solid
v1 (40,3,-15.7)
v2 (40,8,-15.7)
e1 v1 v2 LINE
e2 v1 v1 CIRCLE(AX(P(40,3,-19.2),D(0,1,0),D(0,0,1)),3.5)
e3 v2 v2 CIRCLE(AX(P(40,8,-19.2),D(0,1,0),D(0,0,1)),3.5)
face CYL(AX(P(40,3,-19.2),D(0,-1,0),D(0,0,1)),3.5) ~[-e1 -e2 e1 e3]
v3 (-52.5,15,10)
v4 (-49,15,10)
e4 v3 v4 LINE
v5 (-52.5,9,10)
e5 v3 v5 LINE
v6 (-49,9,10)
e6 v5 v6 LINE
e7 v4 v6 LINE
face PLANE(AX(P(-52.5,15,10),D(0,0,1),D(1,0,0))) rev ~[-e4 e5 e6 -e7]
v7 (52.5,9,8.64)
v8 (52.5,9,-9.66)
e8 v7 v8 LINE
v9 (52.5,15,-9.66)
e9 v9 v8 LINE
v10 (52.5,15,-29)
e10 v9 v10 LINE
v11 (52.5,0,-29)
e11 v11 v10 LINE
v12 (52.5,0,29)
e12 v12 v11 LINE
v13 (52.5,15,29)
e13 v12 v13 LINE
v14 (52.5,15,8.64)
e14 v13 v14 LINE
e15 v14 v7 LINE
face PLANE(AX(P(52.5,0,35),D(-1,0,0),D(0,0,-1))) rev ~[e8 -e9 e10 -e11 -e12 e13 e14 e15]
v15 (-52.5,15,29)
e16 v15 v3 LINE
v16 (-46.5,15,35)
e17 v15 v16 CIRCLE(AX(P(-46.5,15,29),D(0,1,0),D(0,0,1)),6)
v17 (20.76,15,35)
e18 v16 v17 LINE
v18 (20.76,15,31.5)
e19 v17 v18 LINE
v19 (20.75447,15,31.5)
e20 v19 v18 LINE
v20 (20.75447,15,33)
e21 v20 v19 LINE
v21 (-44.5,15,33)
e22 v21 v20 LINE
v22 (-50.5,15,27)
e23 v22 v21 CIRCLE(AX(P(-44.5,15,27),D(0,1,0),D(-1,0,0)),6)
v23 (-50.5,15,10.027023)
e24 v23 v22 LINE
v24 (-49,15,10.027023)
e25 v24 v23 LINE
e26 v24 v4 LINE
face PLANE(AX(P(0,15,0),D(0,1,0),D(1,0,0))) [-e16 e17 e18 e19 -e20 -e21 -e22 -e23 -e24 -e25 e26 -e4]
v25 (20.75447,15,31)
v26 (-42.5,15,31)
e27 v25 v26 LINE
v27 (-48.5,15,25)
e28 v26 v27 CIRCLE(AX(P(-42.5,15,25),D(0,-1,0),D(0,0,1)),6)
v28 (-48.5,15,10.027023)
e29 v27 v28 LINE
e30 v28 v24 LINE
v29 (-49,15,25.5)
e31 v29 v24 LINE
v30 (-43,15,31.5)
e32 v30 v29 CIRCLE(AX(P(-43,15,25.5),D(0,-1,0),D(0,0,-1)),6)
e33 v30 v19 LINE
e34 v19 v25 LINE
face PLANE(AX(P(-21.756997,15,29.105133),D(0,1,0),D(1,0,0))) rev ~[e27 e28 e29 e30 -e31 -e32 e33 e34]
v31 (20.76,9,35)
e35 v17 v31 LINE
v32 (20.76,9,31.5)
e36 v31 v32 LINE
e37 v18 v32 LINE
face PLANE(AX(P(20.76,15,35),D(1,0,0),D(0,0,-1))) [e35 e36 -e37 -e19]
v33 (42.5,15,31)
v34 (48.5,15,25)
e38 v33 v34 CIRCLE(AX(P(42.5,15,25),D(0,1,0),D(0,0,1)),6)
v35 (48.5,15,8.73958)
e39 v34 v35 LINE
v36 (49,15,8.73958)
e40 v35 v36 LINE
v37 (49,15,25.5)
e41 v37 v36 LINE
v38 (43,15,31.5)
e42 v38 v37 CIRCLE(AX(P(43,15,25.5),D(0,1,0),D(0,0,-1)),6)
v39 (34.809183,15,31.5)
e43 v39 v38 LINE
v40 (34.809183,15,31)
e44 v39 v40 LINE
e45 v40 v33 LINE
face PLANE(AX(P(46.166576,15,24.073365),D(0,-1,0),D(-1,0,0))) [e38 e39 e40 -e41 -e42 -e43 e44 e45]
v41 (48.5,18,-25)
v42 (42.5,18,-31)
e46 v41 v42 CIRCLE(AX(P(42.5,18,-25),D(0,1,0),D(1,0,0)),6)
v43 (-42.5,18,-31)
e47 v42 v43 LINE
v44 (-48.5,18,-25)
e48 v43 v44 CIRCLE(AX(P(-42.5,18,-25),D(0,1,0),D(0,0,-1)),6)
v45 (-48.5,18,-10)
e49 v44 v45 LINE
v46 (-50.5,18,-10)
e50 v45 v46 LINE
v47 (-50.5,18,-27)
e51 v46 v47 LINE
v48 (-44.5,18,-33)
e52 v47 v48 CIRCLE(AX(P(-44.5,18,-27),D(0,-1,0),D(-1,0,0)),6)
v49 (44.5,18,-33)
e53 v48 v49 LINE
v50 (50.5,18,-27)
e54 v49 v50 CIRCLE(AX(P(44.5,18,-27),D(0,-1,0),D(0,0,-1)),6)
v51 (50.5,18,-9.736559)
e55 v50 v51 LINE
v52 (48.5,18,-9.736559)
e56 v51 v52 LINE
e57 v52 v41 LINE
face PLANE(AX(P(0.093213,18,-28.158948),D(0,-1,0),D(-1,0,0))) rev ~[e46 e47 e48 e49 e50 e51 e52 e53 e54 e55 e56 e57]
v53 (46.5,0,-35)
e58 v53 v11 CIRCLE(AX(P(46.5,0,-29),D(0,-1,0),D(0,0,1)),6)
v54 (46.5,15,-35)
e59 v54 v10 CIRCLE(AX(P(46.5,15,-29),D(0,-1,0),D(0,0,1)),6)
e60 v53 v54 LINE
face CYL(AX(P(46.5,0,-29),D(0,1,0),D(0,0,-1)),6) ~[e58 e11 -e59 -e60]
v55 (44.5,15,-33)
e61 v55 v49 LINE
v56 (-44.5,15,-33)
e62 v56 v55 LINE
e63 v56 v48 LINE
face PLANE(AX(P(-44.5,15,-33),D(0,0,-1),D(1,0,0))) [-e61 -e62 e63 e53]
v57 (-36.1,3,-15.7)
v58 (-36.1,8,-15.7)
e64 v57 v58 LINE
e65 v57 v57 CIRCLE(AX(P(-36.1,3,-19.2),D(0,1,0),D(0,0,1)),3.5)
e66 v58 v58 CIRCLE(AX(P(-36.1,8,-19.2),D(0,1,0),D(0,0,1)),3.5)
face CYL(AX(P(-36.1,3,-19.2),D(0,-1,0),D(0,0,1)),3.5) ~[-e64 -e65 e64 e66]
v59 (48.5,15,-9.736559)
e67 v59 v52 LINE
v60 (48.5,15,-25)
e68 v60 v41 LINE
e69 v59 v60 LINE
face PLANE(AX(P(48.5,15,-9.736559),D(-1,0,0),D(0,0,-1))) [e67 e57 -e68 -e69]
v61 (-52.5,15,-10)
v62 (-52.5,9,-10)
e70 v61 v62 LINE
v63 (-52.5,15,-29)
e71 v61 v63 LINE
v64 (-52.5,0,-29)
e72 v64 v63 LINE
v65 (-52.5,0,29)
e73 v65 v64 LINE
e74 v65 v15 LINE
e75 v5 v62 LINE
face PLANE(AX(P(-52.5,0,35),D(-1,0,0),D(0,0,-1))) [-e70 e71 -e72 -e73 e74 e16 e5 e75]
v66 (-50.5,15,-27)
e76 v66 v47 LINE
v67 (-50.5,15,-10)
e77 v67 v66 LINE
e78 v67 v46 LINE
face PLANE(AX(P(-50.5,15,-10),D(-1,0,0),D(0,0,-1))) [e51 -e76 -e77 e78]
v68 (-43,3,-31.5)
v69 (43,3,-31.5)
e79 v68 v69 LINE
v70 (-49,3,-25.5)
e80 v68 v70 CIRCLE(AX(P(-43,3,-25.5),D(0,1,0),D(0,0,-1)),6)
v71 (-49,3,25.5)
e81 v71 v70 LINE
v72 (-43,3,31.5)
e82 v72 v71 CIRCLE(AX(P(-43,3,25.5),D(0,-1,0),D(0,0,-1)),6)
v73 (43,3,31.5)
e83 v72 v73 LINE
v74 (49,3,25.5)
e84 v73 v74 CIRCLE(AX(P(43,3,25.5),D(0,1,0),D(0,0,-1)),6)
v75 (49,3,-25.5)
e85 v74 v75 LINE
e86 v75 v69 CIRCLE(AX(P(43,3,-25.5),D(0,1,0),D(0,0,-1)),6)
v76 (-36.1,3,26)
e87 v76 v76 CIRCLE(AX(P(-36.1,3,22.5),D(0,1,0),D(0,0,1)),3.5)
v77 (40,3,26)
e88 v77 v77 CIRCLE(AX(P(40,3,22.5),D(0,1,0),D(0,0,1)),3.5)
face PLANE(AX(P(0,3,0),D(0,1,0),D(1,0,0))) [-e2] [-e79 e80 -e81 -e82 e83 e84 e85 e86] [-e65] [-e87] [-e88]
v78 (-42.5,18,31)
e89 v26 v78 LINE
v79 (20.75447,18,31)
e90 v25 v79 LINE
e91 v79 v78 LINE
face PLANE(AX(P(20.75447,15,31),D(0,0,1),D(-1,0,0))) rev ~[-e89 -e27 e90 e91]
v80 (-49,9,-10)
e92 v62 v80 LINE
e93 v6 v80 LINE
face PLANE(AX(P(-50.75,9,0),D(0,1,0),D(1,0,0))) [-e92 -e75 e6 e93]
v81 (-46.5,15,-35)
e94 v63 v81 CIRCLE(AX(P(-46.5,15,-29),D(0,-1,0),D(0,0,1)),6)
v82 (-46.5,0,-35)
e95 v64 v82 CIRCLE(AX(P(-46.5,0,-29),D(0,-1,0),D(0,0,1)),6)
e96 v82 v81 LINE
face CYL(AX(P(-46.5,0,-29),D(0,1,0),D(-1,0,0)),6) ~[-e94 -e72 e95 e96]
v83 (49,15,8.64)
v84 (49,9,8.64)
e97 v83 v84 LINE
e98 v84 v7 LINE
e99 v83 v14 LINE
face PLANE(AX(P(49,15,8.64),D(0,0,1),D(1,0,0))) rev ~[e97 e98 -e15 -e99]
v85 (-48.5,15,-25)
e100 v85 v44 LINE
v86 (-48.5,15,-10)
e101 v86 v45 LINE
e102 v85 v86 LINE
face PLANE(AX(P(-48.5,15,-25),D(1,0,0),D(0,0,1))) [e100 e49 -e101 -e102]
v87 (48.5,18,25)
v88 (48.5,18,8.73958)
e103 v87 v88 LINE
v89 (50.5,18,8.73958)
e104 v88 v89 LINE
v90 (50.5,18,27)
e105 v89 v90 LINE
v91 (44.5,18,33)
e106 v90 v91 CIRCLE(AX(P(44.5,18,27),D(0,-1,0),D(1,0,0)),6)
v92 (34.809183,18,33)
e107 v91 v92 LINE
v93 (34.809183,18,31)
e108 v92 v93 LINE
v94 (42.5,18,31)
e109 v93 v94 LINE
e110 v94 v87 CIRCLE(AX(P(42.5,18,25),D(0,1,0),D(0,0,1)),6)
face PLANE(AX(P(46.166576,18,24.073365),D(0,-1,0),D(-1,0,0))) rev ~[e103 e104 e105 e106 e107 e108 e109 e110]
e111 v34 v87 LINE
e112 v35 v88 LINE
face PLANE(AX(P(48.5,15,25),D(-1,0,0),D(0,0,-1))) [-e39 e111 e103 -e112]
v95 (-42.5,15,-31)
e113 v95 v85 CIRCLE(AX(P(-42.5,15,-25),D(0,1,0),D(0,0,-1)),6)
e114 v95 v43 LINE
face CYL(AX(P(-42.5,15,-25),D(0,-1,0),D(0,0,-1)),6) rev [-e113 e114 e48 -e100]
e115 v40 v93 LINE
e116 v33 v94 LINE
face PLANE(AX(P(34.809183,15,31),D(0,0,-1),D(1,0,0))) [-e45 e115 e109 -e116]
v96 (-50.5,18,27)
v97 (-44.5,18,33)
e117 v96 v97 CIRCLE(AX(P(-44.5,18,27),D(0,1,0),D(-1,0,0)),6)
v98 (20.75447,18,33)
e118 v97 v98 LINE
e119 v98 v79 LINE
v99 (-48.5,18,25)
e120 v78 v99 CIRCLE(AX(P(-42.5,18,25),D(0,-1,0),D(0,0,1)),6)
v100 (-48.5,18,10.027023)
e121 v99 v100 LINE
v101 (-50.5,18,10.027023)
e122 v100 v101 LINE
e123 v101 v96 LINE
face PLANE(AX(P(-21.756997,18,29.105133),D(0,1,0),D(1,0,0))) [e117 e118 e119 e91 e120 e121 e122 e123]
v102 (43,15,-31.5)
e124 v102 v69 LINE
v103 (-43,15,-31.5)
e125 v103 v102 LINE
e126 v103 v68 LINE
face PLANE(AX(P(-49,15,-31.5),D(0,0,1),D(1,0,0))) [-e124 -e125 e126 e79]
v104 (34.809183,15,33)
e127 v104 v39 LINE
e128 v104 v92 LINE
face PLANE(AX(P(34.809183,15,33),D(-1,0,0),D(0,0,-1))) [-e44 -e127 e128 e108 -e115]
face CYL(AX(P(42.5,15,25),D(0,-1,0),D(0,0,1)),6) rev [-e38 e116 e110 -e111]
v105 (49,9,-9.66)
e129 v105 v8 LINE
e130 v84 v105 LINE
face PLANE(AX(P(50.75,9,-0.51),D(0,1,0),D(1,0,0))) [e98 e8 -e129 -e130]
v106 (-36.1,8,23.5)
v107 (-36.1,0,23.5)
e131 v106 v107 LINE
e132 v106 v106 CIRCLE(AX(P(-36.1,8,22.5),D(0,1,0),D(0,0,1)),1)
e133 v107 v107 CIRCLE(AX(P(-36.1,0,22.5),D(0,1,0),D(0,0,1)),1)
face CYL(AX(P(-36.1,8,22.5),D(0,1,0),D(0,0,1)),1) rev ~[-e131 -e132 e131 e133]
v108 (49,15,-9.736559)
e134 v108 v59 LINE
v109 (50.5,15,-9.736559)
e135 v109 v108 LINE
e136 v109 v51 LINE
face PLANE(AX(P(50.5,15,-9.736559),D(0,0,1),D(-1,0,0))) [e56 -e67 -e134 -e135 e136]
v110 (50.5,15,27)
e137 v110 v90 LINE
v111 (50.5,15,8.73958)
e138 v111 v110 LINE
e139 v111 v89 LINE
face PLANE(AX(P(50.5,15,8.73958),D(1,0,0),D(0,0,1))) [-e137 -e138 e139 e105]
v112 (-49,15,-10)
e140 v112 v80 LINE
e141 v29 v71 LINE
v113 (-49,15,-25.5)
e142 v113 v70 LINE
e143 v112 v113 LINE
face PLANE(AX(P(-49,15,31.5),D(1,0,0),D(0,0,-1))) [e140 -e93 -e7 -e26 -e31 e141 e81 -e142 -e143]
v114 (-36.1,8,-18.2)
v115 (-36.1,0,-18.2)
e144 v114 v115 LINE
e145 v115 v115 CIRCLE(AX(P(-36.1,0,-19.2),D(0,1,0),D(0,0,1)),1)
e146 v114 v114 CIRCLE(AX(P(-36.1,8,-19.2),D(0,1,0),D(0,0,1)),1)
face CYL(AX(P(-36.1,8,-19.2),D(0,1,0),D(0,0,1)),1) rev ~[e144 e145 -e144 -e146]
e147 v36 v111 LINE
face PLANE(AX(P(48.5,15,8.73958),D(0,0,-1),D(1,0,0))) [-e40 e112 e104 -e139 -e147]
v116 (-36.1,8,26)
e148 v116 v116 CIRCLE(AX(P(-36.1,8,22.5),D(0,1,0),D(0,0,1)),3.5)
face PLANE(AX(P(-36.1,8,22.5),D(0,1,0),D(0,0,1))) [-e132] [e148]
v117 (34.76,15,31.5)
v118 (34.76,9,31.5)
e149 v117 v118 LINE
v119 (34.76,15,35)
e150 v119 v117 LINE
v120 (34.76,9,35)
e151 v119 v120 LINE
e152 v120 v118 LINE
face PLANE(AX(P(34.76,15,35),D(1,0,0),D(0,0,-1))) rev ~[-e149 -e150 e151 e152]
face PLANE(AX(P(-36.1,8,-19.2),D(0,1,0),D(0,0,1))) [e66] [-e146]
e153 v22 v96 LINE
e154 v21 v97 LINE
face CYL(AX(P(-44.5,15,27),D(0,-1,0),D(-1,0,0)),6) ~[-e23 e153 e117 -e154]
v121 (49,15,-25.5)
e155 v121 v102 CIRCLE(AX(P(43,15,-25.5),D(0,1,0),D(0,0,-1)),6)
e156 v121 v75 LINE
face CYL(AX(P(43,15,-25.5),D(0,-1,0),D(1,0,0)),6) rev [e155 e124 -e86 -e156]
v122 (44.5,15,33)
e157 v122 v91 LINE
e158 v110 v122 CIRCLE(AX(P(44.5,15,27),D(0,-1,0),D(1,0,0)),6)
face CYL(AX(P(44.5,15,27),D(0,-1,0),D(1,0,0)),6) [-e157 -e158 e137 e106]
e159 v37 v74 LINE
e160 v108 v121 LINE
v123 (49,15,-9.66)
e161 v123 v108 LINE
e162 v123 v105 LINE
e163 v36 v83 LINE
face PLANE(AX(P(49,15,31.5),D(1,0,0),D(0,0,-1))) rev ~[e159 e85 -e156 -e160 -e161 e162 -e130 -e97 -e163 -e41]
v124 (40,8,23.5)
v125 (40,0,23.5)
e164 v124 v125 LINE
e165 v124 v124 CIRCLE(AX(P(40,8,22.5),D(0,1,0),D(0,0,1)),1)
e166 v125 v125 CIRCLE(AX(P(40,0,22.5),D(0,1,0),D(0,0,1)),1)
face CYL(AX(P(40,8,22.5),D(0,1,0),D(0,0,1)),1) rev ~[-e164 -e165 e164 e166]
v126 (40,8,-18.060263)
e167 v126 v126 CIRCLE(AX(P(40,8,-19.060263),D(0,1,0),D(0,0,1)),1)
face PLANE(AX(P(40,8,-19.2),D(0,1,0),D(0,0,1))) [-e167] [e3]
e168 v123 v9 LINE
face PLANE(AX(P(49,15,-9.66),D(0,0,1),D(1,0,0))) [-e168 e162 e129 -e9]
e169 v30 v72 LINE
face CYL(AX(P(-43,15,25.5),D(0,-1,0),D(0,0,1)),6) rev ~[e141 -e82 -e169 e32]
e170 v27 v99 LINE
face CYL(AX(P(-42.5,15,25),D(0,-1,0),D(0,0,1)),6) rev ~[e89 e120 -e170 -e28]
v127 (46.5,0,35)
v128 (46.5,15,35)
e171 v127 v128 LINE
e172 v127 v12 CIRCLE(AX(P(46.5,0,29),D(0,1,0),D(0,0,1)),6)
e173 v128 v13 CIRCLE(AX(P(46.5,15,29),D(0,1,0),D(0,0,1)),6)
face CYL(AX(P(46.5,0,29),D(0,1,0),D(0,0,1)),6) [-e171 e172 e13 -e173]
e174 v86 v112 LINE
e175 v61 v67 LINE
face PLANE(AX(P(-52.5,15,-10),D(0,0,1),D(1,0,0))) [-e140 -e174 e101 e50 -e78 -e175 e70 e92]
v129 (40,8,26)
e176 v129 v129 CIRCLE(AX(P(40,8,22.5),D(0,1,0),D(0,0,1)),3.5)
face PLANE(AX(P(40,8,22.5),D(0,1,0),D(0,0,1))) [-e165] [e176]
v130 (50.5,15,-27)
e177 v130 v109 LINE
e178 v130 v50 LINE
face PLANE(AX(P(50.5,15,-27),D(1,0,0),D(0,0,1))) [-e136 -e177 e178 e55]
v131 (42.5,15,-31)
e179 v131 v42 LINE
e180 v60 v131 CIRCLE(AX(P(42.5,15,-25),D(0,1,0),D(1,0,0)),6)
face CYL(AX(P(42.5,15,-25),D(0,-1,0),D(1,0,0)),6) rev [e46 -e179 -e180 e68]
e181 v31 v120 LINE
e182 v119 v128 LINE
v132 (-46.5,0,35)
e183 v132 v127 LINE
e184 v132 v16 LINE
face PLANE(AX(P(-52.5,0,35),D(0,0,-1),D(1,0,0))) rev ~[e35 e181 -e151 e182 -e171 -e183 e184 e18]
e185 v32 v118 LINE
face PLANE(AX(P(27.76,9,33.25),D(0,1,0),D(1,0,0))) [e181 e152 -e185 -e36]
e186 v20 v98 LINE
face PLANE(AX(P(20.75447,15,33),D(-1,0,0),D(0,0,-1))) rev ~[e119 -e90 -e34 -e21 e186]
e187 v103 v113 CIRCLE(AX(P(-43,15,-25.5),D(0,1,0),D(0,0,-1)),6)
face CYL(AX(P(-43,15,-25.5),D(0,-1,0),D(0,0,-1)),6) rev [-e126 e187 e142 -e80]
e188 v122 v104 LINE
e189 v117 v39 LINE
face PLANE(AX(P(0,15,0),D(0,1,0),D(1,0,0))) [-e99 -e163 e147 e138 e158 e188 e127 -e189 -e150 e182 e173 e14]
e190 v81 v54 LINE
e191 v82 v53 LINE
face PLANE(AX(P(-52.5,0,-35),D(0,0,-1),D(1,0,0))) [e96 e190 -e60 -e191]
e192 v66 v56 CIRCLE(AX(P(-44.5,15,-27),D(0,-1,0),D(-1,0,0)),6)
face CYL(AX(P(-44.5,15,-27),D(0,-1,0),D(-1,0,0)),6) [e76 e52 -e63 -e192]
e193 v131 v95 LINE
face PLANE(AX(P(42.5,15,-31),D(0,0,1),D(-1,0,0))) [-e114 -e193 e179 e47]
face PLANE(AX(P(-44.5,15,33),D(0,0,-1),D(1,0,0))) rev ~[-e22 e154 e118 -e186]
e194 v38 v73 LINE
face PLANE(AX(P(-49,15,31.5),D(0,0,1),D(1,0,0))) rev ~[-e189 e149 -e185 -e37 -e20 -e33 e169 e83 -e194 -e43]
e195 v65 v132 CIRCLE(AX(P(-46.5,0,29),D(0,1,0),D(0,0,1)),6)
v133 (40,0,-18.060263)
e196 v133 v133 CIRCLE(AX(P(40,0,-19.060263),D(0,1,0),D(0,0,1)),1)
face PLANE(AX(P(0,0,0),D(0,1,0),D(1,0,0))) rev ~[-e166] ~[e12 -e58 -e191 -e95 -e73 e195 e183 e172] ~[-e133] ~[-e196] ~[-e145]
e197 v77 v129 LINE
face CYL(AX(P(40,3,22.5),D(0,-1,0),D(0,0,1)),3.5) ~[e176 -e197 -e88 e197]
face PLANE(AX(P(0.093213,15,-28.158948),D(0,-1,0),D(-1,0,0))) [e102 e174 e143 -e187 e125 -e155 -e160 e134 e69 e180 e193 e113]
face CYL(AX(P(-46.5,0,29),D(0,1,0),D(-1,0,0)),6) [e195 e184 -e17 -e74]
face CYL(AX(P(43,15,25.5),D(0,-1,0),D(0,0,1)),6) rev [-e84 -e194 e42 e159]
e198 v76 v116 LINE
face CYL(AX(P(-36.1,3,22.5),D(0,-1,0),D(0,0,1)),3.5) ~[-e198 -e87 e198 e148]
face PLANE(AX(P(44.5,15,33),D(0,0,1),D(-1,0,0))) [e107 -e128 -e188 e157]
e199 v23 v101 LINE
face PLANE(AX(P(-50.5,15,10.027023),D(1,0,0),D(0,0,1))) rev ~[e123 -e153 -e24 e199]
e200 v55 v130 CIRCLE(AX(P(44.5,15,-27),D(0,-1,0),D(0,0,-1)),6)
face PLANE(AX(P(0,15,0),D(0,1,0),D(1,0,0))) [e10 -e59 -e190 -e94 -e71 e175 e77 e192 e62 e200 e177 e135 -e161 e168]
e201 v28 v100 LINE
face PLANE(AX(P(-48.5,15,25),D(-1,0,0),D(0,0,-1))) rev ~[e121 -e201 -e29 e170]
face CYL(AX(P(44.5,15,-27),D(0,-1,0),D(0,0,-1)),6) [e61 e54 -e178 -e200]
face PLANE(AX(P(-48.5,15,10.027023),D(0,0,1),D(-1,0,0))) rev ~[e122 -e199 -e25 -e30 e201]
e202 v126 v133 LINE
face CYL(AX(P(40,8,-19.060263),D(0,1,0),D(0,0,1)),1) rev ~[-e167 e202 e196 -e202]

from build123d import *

# Parameters (mm, degrees)
SKETCH1_W           = 105
SKETCH1_H           = 70
BOSS_EXTRUDE1_DEPTH = 15
SKETCH3_W           = 98
SKETCH3_H           = 63
CUT_EXTRUDE1_DEPTH  = 12
FILLET1_R           = 6
SKETCH4_R           = 3.5
BOSS_EXTRUDE2_DEPTH = 5
SKETCH5_R           = 1
CUT_EXTRUDE2_DEPTH  = 8
SKETCH6_W           = 3.5
SKETCH6_H           = 18.3
SKETCH6_W_2         = 14
SKETCH6_H_2         = 3.5
SKETCH6_H_3         = 20
CUT_EXTRUDE3_DEPTH  = 6
BOSS_EXTRUDE3_DEPTH = 3


with BuildPart() as part:
    # Sketch1 → Boss-Extrude1 (new body)
    with BuildSketch(Plane(origin=(0, 0, 0), x_dir=(1, 0, 0), z_dir=(0, 1, 0))):
        Rectangle(SKETCH1_W, SKETCH1_H)
    extrude(amount=BOSS_EXTRUDE1_DEPTH)

    # Sketch3 → Cut-Extrude1 (cut)
    with BuildSketch(Plane(origin=(0, 15, 0), x_dir=(1, 0, 0), z_dir=(0, 1, 0))):
        Rectangle(SKETCH3_W, SKETCH3_H)
    extrude(amount=-CUT_EXTRUDE1_DEPTH, mode=Mode.SUBTRACT)

    # Fillet1
    fillet1_edges = [part.edges().sort_by_distance(p)[0] for p in [
        (-49, 9, 31.5),
        (-49, 9, -31.5),
        (49, 9, -31.5),
        (49, 9, 31.5),
        (52.5, 7.5, 35),
        (-52.5, 7.5, 35),
        (-52.5, 7.5, -35),
        (52.5, 7.5, -35),
    ]]
    fillet(fillet1_edges, radius=FILLET1_R)

    # Sketch4 → Boss-Extrude2 (add)
    with BuildSketch(Plane(origin=(0, 3, 0), x_dir=(1, 0, 0), z_dir=(0, 1, 0))):
        with Locations(Location((40, -22.5, 0), (0, 0, 270))):
            Circle(SKETCH4_R)
        with Locations(Location((40, 19.2, 0), (0, 0, 270))):
            Circle(SKETCH4_R)
        with Locations(Location((-36.1, -22.5, 0), (0, 0, 270))):
            Circle(SKETCH4_R)
        with Locations(Location((-36.1, 19.2, 0), (0, 0, 270))):
            Circle(SKETCH4_R)
    extrude(amount=BOSS_EXTRUDE2_DEPTH)

    # Sketch5 → Cut-Extrude2 (cut)
    with BuildSketch(Plane(origin=(0, 8, 0), x_dir=(1, 0, 0), z_dir=(0, 1, 0))):
        with Locations(Location((-36.1, 19.2, 0), (0, 0, 270))):
            Circle(SKETCH5_R)
        with Locations(Location((-36.1, -22.5, 0), (0, 0, 270))):
            Circle(SKETCH5_R)
        with Locations(Location((40, -22.5, 0), (0, 0, 270))):
            Circle(SKETCH5_R)
        with Locations(Location((40, 19.06026255, 0), (0, 0, 270))):
            Circle(SKETCH5_R)
    extrude(amount=-CUT_EXTRUDE2_DEPTH, mode=Mode.SUBTRACT)

    # Sketch6 → Cut-Extrude3 (cut)
    with BuildSketch(Plane(origin=(0, 15, 0), x_dir=(1, 0, 0), z_dir=(0, 1, 0))):
        with Locations((50.75, 0.51)):
            Rectangle(SKETCH6_W, SKETCH6_H)
        with Locations((27.76, -33.25)):
            Rectangle(SKETCH6_W_2, SKETCH6_H_2)
        with Locations((-50.75, 0)):
            Rectangle(SKETCH6_W, SKETCH6_H_3)
    extrude(amount=-CUT_EXTRUDE3_DEPTH, mode=Mode.SUBTRACT)

    # Sketch7 → Boss-Extrude3 (add)
    with BuildSketch(Plane(origin=(0, 15, 0), x_dir=(1, 0, 0), z_dir=(0, 1, 0))):
        with BuildLine():
            Line((-44.5, 33), (44.5, 33))
            ThreePointArc((44.5, 33), (48.742640687, 31.242640687), (50.5, 27))
            Line((50.5, 27), (50.5, 9.736559035))
            Line((50.5, 9.736559035), (48.5, 9.736559035))
            Line((48.5, 9.736559035), (48.5, 25))
            ThreePointArc((48.5, 25), (46.742640687, 29.242640687), (42.5, 31))
            Line((42.5, 31), (-42.5, 31))
            ThreePointArc((-42.5, 31), (-46.742640687, 29.242640687), (-48.5, 25))
            Line((-48.5, 25), (-48.5, 10))
            Line((-48.5, 10), (-50.5, 10))
            Line((-50.5, 10), (-50.5, 27))
            ThreePointArc((-50.5, 27), (-48.742640687, 31.242640687), (-44.5, 33))
        make_face()
        with BuildLine():
            Line((-44.5, -33), (20.754470261, -33))
            Line((20.754470261, -33), (20.754470261, -31))
            Line((20.754470261, -31), (-42.5, -31))
            ThreePointArc((-42.5, -31), (-46.742640687, -29.242640687), (-48.5, -25))
            Line((-48.5, -25), (-48.5, -10.02702289))
            Line((-48.5, -10.02702289), (-50.5, -10.02702289))
            Line((-50.5, -10.02702289), (-50.5, -27))
            ThreePointArc((-50.5, -27), (-48.742640687, -31.242640687), (-44.5, -33))
        make_face()
        with BuildLine():
            Line((50.5, -8.739580153), (50.5, -27))
            ThreePointArc((50.5, -27), (48.742640687, -31.242640687), (44.5, -33))
            Line((44.5, -33), (34.809182833, -33))
            Line((34.809182833, -33), (34.809182833, -31))
            Line((34.809182833, -31), (42.5, -31))
            ThreePointArc((42.5, -31), (46.742640687, -29.242640687), (48.5, -25))
            Line((48.5, -25), (48.5, -8.739580153))
            Line((48.5, -8.739580153), (50.5, -8.739580153))
        make_face()
    extrude(amount=BOSS_EXTRUDE3_DEPTH)


solid = part.part
